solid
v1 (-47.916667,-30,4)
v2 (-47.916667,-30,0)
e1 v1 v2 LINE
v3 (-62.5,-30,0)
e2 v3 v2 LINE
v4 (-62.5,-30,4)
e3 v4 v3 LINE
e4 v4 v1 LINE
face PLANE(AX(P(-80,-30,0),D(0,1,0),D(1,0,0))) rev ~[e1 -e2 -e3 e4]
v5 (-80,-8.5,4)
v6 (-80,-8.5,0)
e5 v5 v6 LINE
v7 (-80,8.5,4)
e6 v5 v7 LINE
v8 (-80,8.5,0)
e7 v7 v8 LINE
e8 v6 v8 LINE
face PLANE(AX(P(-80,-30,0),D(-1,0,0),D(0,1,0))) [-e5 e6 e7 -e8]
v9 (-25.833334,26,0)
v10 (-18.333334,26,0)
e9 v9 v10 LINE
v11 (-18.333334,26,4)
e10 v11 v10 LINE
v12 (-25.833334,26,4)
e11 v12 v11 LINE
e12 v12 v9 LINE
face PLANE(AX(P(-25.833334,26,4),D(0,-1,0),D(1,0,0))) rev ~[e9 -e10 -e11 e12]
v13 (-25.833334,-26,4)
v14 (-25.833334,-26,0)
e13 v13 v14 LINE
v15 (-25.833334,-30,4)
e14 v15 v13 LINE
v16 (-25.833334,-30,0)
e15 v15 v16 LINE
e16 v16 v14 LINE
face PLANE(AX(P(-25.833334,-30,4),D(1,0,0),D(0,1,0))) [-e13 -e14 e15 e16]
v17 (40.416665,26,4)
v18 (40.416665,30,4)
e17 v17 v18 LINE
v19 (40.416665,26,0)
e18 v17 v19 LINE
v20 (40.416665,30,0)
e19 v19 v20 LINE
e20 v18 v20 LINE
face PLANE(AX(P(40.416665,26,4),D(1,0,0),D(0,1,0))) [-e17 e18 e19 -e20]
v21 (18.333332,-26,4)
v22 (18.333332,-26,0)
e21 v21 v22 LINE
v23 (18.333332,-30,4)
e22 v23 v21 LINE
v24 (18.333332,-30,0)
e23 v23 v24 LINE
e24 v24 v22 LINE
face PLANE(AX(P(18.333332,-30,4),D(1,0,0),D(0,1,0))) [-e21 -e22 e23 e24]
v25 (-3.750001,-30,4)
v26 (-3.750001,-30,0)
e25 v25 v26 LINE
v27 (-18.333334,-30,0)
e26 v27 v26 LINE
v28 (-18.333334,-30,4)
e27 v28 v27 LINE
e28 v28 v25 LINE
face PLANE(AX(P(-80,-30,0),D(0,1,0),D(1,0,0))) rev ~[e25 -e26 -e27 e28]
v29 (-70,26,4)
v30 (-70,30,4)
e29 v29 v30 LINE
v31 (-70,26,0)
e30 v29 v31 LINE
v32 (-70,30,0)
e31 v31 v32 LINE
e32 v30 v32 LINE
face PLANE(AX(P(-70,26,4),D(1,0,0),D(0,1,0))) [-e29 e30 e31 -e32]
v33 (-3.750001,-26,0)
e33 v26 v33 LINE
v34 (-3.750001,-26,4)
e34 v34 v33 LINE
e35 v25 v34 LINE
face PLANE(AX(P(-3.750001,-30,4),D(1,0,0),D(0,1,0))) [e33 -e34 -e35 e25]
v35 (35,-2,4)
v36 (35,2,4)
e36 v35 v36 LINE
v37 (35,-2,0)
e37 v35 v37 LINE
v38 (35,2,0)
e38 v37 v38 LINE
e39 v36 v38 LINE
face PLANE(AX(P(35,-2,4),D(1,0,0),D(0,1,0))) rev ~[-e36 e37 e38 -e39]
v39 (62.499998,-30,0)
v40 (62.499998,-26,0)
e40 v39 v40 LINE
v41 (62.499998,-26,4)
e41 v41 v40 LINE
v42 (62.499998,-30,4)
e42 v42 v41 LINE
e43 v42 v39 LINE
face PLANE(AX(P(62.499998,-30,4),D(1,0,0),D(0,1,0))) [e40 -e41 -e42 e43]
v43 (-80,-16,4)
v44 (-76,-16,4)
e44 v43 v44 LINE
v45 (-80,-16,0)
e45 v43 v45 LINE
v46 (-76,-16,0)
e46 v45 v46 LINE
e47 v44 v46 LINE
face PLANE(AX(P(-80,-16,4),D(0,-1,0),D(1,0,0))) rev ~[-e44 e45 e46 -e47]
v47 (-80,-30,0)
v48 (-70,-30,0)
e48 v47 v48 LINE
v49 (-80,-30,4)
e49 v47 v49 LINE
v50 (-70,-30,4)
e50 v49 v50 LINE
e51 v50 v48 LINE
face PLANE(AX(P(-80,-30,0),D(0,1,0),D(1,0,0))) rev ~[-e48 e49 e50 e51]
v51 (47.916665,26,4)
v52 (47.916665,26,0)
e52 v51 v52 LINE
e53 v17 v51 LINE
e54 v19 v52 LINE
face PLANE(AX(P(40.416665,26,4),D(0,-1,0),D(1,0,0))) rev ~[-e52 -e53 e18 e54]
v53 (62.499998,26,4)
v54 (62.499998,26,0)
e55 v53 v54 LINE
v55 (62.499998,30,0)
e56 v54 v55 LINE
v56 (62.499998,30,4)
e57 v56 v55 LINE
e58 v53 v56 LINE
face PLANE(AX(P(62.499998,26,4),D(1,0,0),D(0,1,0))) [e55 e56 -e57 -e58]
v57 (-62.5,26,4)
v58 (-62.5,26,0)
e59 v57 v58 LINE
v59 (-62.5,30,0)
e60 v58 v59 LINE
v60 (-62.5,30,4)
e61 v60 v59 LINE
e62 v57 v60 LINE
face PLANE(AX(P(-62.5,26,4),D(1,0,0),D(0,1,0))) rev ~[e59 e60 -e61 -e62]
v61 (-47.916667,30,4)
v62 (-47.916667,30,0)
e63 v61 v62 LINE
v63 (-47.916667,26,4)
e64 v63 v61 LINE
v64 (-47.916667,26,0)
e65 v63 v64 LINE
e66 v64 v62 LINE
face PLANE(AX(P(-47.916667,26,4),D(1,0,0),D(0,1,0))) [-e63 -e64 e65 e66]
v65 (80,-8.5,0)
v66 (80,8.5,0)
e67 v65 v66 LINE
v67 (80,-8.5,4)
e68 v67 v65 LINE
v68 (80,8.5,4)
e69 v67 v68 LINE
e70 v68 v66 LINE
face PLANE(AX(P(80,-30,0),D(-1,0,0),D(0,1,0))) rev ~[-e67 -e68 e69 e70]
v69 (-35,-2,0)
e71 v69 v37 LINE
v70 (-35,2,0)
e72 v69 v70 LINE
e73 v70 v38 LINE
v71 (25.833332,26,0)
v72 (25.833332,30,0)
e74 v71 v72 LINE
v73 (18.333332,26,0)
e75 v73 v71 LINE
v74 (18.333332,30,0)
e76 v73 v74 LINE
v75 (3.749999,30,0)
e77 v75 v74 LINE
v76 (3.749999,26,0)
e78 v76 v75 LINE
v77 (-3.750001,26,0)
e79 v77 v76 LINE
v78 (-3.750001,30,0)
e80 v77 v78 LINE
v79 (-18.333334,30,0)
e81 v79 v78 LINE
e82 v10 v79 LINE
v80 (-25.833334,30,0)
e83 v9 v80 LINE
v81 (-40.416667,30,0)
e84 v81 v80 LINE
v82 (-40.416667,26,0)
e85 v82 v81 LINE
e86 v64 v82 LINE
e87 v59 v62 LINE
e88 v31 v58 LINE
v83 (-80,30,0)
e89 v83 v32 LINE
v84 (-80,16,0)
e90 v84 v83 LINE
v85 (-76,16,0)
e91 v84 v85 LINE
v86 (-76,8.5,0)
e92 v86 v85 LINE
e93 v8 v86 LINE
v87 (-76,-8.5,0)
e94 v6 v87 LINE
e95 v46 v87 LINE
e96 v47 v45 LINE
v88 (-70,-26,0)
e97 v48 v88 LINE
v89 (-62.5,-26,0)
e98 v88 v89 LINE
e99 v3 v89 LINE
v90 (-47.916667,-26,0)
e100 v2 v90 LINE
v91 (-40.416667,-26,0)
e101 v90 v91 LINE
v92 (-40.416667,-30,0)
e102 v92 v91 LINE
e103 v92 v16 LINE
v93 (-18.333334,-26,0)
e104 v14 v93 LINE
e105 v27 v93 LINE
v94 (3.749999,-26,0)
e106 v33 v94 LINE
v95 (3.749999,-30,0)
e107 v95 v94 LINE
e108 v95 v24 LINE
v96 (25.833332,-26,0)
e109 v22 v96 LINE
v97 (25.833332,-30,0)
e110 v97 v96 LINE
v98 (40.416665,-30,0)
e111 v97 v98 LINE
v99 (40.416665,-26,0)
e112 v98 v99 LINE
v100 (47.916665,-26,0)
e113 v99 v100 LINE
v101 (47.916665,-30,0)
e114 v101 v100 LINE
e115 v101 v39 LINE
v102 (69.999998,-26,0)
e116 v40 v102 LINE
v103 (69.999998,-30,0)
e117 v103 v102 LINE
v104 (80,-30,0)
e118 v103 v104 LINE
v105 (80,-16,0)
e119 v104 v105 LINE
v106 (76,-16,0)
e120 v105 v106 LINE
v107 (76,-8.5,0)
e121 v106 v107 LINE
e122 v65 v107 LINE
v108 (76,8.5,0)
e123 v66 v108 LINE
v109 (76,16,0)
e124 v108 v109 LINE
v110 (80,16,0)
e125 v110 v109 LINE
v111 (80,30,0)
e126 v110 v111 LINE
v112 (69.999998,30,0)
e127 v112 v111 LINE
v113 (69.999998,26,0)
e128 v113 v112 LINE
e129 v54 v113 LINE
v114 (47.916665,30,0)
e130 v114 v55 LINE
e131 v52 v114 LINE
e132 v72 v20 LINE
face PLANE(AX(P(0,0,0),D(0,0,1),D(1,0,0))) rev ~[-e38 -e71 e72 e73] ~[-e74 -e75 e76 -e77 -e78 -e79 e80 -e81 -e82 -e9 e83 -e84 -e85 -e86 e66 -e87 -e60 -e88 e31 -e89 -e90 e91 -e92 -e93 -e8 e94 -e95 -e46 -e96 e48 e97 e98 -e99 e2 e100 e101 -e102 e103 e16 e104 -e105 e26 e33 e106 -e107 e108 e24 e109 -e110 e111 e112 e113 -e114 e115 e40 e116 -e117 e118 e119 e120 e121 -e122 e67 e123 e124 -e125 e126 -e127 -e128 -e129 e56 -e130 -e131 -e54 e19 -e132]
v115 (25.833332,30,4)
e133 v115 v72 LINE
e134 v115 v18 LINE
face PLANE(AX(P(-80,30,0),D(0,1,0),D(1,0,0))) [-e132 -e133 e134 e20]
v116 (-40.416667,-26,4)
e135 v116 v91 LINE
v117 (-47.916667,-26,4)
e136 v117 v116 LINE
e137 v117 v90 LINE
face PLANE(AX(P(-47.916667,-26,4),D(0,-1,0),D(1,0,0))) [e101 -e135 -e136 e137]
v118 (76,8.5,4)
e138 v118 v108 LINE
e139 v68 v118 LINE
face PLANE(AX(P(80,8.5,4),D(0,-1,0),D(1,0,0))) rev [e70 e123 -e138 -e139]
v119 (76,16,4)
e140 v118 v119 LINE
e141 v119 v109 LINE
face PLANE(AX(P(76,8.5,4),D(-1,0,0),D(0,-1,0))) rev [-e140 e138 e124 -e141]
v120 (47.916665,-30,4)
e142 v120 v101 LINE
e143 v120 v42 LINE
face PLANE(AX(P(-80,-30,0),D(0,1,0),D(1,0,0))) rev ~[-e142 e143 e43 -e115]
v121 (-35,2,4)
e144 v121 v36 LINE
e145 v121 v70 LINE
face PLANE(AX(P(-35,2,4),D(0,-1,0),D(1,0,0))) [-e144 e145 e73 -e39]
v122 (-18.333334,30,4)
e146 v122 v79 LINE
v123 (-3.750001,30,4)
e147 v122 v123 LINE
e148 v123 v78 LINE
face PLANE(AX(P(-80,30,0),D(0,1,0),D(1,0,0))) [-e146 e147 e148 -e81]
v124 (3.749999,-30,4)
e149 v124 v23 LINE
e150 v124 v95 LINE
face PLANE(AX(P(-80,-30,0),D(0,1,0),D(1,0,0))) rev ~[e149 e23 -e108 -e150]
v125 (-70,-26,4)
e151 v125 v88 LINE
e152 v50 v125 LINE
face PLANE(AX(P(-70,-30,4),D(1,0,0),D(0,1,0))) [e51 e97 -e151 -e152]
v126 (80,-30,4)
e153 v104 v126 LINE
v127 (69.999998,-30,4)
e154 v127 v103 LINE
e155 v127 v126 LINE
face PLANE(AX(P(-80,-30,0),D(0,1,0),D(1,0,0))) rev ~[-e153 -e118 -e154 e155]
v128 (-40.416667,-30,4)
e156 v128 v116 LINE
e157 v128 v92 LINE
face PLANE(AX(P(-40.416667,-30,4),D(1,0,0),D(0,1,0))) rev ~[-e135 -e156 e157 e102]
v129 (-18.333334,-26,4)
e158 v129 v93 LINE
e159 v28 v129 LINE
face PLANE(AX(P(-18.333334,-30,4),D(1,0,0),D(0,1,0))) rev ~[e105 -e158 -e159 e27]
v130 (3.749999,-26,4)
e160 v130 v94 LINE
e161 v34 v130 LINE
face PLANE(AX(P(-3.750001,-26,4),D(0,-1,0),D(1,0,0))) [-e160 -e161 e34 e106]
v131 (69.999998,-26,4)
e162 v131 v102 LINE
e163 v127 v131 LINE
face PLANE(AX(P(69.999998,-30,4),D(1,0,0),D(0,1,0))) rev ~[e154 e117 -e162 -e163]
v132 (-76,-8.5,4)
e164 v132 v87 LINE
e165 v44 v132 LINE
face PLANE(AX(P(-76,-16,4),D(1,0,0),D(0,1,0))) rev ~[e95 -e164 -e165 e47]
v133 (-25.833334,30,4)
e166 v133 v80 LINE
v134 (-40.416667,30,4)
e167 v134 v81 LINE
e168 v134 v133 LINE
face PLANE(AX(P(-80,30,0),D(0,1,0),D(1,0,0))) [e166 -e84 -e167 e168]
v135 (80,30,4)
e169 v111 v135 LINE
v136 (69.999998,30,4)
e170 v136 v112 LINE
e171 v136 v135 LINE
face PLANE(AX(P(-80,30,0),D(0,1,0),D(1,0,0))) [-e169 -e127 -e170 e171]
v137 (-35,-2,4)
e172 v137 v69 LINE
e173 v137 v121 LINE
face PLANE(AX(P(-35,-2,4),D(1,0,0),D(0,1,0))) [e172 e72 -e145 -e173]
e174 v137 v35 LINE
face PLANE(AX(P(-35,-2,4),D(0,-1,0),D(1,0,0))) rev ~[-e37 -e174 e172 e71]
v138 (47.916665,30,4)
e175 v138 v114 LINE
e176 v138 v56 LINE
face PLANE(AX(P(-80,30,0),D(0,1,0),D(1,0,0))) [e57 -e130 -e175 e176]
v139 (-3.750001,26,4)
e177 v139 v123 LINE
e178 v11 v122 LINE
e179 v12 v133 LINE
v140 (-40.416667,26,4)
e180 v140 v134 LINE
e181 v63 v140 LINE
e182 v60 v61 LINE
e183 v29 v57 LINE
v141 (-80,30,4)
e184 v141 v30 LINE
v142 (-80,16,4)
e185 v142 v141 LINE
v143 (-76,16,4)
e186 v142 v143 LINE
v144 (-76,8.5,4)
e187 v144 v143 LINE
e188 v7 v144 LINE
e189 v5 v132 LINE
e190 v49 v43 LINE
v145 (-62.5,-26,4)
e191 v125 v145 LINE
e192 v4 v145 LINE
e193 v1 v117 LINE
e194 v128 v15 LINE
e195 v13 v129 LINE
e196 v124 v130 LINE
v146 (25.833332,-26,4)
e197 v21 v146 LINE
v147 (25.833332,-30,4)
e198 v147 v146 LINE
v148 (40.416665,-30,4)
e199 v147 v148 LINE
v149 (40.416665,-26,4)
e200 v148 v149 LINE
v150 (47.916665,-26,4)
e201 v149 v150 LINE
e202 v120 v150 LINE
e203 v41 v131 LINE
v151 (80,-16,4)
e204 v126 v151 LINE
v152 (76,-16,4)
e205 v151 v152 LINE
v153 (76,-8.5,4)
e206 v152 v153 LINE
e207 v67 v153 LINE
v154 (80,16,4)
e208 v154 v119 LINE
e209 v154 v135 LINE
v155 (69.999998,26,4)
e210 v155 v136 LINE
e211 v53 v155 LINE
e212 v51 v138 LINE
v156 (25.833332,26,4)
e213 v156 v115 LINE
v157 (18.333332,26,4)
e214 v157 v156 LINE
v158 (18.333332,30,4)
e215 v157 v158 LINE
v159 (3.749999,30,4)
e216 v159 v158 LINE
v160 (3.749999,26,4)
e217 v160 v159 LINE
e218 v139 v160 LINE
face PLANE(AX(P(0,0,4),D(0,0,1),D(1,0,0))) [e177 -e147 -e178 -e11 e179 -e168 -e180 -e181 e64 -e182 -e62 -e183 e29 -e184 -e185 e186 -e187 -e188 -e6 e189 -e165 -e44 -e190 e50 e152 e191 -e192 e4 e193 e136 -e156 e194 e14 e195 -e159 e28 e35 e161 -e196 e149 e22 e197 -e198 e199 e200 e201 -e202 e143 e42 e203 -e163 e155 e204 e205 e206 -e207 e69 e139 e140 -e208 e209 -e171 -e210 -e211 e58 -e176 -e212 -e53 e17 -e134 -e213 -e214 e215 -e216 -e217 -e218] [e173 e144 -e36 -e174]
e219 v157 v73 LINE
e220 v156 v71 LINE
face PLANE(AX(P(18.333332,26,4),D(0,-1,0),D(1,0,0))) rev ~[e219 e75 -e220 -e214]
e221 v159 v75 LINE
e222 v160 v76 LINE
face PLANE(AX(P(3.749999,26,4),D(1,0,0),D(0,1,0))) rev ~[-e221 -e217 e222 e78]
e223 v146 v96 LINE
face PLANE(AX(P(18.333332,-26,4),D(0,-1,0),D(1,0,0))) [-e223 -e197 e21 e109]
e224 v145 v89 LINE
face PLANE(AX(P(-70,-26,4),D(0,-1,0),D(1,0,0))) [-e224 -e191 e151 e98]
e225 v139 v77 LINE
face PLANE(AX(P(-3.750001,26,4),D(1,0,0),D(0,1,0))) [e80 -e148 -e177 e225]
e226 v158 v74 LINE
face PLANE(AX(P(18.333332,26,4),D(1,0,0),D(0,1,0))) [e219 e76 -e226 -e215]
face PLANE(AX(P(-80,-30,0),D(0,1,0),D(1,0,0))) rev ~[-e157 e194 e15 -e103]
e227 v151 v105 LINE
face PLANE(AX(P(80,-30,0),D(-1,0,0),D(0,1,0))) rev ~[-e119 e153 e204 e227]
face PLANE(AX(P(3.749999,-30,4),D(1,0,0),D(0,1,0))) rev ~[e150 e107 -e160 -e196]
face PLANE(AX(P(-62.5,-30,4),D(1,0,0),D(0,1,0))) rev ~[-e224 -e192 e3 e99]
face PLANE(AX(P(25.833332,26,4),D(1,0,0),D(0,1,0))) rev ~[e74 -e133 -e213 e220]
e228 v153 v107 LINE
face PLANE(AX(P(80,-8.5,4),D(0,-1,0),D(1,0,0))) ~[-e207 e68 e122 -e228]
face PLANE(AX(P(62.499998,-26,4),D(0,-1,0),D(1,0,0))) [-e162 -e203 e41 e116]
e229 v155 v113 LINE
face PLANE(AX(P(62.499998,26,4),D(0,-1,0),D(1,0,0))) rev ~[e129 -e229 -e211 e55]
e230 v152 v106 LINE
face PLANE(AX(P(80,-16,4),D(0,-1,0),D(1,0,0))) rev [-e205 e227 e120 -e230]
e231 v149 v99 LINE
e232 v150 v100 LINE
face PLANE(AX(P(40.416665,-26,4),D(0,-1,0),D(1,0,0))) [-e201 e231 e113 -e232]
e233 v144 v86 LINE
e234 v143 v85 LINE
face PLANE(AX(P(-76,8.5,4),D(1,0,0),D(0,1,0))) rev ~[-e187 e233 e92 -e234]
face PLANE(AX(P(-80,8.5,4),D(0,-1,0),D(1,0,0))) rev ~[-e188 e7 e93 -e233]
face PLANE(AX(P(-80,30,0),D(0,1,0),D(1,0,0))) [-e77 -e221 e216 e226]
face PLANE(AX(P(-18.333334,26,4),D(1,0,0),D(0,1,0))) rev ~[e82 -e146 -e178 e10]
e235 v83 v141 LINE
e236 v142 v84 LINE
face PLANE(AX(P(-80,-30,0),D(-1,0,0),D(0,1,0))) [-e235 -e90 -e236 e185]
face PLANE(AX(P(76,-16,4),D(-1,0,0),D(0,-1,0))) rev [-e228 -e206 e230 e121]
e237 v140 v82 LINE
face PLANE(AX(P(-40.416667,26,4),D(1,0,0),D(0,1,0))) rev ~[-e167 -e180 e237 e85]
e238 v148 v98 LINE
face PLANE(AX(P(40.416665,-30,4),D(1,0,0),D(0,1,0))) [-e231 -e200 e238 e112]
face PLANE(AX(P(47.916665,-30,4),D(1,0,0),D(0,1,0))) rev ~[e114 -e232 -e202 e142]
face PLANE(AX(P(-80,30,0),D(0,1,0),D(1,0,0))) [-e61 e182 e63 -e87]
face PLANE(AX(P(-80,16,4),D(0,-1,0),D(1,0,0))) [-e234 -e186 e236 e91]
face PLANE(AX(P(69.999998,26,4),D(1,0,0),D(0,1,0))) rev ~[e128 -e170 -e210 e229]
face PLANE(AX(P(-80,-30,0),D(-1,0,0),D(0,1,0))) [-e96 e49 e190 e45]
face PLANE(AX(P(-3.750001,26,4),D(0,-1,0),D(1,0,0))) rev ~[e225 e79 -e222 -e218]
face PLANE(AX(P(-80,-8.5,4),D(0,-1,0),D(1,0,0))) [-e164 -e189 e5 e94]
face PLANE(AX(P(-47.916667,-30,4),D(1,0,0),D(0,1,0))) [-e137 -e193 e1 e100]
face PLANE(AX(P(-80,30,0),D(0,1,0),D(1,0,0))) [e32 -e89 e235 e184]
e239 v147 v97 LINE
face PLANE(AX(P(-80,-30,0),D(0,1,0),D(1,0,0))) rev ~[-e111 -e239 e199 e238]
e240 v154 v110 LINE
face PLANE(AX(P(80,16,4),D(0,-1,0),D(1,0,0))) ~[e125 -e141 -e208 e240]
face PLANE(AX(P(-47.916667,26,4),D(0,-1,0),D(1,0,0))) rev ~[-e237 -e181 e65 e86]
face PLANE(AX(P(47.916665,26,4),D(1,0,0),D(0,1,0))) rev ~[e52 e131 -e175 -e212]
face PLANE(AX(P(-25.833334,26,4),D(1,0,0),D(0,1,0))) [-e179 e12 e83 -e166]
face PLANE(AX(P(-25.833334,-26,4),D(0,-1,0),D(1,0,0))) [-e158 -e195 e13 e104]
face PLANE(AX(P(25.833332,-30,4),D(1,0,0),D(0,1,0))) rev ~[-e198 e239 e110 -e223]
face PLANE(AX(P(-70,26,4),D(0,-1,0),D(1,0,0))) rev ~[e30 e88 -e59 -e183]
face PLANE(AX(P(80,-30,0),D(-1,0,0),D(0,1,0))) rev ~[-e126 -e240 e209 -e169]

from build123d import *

# Parameters (mm, degrees)
SKETCH_W                           = 160
SKETCH_H                           = 60
PAD_DEPTH                          = 4
SKETCH001_W                        = 7.5
SKETCH001_H                        = 4
POCKET_DEPTH                       = 4
LINEARPATTERN_COUNT                = 7
LINEARPATTERN_PITCH                = 22.083333
SKETCH005_W                        = 4
SKETCH005_H                        = 7.5
POCKET001_DEPTH                    = 4
SKETCH005_LINEARPATTERN011_2_W     = 4
SKETCH005_LINEARPATTERN011_2_H     = 7.5
POCKET001_LINEARPATTERN011_2_DEPTH = 4
SKETCH012_W                        = 70
SKETCH012_H                        = 4
POCKET005_DEPTH                    = 4


with BuildPart() as part:
    # Sketch → Pad (new body)
    with BuildSketch(Plane.XY):
        Rectangle(SKETCH_W, SKETCH_H)
    extrude(amount=PAD_DEPTH)

    # Sketch001 (on Face6 of Pad) → Pocket (cut)
    with BuildSketch(Plane.XY.offset(4)):
        with Locations((-66.25, 28)):
            Rectangle(SKETCH001_W, SKETCH001_H)
        with Locations((-66.25, -28)):
            Rectangle(SKETCH001_W, SKETCH001_H)
    pocket = extrude(amount=-POCKET_DEPTH, mode=Mode.SUBTRACT)

    # LinearPattern: Pocket ×7
    with Locations(*[(i * LINEARPATTERN_PITCH, 0, 0) for i in range(1, LINEARPATTERN_COUNT)]):
        add(pocket, mode=Mode.SUBTRACT)

    # Sketch005 (on Face4 of LinearPattern) → Pocket001 (cut)
    with BuildSketch(Plane.XY.offset(4)):
        with Locations((-78, 12.25)):
            Rectangle(SKETCH005_W, SKETCH005_H)
    pocket001 = extrude(amount=-POCKET001_DEPTH, mode=Mode.SUBTRACT)

    # Sketch005 LinearPattern011 2 → Pocket001 LinearPattern011 2 (cut)
    with BuildSketch(Plane(origin=(0, -24.5, 4), x_dir=(1, 0, 0), z_dir=(0, 0, 1))):
        with Locations((-78, 12.25)):
            Rectangle(SKETCH005_LINEARPATTERN011_2_W, SKETCH005_LINEARPATTERN011_2_H)
    pocket001_linearpattern011_2 = extrude(amount=-POCKET001_LINEARPATTERN011_2_DEPTH, mode=Mode.SUBTRACT)

    # Mirrored002: Pocket001, Pocket001 LinearPattern011 2 across Sketch005 V_Axis
    add(pocket001.mirror(Plane(origin=(0, 0, 4), x_dir=(0, 0, 1), z_dir=(1, 0, 0))), mode=Mode.SUBTRACT)
    add(pocket001_linearpattern011_2.mirror(Plane(origin=(0, 0, 4), x_dir=(0, 0, 1), z_dir=(1, 0, 0))), mode=Mode.SUBTRACT)

    # Sketch012 (on Face4 of MultiTransform004) → Pocket005 (cut)
    with BuildSketch(Plane.XY.offset(4)):
        Rectangle(SKETCH012_W, SKETCH012_H)
    extrude(amount=-POCKET005_DEPTH, mode=Mode.SUBTRACT)


solid = part.part
